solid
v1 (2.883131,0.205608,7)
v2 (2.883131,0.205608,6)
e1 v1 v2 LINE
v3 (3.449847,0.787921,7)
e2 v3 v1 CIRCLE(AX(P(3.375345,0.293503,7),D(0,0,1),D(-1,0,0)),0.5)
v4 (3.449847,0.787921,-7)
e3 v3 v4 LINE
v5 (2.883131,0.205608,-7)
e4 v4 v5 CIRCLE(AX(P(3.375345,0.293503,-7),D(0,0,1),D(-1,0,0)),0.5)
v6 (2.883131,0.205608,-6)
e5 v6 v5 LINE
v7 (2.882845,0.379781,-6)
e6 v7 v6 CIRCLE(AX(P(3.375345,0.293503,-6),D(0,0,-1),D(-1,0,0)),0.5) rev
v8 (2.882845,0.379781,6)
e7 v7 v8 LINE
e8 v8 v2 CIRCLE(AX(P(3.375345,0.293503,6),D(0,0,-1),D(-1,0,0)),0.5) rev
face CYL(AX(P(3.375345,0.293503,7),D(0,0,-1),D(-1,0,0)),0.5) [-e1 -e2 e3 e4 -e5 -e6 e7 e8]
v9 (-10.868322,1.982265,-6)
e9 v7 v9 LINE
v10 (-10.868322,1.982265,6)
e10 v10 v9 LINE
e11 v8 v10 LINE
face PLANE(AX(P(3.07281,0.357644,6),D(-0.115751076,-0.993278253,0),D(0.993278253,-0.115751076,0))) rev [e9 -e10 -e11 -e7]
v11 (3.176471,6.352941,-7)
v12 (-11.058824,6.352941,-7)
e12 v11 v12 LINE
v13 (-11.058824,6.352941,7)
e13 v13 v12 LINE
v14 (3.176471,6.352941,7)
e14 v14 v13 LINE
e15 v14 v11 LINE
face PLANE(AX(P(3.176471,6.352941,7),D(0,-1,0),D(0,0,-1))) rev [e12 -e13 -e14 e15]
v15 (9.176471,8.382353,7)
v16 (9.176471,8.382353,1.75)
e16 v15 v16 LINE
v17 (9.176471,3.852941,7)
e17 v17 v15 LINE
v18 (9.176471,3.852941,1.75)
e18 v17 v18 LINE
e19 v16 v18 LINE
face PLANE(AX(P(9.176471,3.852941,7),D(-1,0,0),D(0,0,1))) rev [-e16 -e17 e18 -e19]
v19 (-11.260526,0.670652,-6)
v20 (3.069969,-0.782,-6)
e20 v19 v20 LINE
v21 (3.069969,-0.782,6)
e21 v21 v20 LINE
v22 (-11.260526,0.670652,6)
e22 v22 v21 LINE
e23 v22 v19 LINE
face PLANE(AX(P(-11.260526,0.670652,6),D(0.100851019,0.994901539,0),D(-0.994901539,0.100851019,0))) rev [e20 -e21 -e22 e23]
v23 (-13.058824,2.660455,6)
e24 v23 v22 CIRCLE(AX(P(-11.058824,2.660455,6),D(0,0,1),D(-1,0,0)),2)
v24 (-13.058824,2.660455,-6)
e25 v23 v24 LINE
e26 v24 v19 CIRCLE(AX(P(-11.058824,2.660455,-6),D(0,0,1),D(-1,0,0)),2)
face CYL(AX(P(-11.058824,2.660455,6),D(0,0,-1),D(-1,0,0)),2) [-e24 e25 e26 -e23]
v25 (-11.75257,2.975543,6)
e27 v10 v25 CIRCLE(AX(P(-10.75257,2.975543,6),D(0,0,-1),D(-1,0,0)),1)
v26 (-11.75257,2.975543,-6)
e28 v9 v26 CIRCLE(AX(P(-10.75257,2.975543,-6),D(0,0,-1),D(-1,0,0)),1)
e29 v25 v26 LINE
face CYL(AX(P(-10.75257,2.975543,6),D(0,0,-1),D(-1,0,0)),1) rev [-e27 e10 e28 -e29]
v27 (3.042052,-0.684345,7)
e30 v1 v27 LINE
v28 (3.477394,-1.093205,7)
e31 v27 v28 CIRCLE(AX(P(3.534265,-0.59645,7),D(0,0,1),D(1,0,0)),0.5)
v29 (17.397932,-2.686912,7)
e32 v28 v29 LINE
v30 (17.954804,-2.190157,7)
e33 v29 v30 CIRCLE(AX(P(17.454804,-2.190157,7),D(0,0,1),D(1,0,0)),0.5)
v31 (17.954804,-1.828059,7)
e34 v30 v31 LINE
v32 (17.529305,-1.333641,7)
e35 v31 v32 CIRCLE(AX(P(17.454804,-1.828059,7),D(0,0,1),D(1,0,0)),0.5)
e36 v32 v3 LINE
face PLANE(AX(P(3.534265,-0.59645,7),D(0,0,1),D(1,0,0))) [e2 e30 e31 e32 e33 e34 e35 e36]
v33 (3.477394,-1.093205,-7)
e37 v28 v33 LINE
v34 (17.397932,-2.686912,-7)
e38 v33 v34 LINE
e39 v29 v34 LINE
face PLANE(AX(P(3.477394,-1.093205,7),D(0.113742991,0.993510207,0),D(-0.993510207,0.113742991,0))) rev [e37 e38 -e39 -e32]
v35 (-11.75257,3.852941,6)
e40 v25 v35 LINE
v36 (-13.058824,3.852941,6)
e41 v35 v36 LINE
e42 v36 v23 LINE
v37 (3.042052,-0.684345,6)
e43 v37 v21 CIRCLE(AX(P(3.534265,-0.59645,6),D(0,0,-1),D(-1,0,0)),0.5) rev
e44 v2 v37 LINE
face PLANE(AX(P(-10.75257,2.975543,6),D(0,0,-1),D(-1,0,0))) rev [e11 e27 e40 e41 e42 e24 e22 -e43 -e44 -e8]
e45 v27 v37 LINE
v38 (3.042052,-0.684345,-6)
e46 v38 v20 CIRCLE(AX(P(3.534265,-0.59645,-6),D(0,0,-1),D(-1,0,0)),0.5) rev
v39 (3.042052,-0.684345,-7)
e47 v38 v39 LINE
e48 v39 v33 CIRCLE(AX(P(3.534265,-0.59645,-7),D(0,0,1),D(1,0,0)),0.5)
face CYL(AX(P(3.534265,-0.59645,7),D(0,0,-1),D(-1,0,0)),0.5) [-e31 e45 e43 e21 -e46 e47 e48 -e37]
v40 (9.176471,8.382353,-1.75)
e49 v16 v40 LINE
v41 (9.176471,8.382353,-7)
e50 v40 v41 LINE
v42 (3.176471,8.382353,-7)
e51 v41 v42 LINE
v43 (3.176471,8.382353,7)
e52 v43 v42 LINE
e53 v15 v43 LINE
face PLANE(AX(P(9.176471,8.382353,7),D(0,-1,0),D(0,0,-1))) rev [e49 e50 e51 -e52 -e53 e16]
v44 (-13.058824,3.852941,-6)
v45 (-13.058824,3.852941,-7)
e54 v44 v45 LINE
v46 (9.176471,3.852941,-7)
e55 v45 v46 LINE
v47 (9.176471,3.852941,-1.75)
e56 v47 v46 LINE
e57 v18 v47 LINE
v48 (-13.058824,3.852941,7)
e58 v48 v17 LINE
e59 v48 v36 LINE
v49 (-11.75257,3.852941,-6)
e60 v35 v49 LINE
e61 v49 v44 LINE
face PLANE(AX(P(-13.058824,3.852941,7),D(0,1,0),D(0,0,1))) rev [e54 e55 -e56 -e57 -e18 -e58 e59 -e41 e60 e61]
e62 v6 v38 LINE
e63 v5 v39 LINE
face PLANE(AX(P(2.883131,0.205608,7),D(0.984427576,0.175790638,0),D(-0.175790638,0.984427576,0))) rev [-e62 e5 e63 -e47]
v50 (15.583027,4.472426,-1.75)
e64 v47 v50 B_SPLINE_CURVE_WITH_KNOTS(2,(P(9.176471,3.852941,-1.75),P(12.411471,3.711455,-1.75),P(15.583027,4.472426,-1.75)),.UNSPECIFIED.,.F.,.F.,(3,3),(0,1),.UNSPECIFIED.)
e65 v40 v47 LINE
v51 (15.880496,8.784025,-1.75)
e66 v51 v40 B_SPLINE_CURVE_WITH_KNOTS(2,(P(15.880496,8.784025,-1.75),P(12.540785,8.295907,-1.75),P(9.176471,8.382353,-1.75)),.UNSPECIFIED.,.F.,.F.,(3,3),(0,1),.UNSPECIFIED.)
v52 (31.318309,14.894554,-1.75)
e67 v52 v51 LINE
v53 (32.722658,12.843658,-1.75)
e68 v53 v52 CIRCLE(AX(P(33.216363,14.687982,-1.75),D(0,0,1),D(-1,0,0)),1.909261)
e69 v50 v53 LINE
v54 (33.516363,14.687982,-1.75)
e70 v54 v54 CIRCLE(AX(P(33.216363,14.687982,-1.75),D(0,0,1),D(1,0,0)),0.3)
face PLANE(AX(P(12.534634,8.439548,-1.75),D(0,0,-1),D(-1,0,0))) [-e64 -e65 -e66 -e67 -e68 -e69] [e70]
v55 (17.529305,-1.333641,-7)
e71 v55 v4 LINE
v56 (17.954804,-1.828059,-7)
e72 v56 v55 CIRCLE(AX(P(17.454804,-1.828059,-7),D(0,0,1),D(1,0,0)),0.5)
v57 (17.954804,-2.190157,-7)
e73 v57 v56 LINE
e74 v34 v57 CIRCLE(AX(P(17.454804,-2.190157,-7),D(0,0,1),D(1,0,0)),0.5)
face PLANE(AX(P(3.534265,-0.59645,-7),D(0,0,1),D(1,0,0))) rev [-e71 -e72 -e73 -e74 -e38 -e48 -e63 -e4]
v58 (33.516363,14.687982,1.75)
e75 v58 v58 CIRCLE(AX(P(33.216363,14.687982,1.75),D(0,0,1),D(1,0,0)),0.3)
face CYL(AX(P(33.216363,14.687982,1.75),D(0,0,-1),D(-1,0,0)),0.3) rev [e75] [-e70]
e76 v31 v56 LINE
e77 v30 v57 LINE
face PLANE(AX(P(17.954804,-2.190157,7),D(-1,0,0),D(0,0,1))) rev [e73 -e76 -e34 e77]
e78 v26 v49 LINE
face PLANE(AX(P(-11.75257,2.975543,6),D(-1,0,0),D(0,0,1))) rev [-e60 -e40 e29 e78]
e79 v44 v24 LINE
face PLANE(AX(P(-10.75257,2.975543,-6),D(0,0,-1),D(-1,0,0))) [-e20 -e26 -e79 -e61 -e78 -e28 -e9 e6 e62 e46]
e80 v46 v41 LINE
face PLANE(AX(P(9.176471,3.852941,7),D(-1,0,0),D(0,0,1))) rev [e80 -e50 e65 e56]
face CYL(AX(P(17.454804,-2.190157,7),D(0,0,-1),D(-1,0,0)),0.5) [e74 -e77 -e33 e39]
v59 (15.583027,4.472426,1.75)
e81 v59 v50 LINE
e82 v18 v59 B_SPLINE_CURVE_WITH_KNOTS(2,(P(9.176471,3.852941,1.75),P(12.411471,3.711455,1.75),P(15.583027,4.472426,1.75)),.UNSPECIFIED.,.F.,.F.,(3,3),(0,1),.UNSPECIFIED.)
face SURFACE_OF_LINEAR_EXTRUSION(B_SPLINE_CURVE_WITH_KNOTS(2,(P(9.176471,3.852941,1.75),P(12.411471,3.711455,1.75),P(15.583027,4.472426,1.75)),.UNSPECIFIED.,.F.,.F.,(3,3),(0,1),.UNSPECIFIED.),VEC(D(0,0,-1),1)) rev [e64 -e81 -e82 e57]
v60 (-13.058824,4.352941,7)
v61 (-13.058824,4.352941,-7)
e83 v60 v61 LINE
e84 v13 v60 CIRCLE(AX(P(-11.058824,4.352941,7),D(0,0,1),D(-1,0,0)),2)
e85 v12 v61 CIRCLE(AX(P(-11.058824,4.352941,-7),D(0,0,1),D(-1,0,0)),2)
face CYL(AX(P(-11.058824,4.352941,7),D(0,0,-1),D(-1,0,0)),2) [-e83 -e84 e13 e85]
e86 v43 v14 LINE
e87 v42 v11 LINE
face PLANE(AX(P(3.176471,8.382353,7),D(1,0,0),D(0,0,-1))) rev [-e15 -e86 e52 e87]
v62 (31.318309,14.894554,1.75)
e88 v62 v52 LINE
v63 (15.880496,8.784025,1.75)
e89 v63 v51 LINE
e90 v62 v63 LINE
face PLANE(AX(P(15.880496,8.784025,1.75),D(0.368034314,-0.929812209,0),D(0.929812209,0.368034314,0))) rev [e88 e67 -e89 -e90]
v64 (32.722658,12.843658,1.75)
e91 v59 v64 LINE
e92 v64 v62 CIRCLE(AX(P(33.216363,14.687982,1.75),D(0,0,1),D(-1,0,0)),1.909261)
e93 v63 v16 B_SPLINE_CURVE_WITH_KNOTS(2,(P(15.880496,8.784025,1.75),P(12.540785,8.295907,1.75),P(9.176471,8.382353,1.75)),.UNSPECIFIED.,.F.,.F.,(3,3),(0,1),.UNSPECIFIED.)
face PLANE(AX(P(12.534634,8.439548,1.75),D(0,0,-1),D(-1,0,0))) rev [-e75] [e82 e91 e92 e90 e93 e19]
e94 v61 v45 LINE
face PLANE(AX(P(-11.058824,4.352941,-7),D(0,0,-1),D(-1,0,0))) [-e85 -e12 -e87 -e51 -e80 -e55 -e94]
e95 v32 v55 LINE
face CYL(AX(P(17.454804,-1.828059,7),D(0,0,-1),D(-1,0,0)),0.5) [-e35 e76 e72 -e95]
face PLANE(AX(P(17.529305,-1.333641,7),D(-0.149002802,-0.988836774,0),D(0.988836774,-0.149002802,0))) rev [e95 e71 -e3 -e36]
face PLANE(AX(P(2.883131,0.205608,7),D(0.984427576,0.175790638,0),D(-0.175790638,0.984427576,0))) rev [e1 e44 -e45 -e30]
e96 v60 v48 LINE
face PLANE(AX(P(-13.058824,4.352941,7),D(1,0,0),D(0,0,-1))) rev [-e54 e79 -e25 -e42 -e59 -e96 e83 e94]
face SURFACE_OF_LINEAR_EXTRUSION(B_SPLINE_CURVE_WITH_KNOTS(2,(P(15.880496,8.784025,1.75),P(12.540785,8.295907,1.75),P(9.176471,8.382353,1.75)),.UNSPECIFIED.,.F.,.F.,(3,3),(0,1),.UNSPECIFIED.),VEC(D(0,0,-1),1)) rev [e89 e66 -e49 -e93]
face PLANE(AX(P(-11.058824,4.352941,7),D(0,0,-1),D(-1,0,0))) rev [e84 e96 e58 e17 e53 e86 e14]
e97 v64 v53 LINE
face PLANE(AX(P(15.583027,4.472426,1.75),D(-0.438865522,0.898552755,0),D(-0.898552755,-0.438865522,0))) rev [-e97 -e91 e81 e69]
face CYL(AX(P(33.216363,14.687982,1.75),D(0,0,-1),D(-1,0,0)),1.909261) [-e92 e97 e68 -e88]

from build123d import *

# Parameters (mm, degrees)
BOSS_EXTRUDE1_DEPTH = 7
BOSS_EXTRUDE2_DEPTH = 6
BOSS_EXTRUDE3_DEPTH = 7
SKETCH4_R           = 0.3
BOSS_EXTRUDE4_DEPTH = 1.75


with BuildPart() as part:
    # Sketch1 → Boss-Extrude1 (new, symmetric)
    with BuildSketch(Plane.XY):
        with BuildLine():
            Line((9.176470588, 3.852941176), (9.176470588, 8.382352941))
            Line((9.176470588, 8.382352941), (3.176470588, 8.382352941))
            Line((3.176470588, 8.382352941), (3.176470588, 6.352941176))
            Line((3.176470588, 6.352941176), (-11.058823529, 6.352941176))
            ThreePointArc((-11.058823529, 6.352941176), (-12.473037092, 5.767154739), (-13.058823529, 4.352941176))
            Line((-13.058823529, 4.352941176), (-13.058823529, 3.852941176))
            Line((-13.058823529, 3.852941176), (9.176470588, 3.852941176))
        make_face()
    extrude(amount=BOSS_EXTRUDE1_DEPTH, both=True)

    # Sketch2 → Boss-Extrude2 (add, symmetric)
    with BuildSketch(Plane.XY):
        with BuildLine():
            Line((-13.058823529, 3.852941176), (-13.058823529, 2.660454677))
            ThreePointArc((-13.058823529, 2.660454677), (-12.542636873, 1.319448352), (-11.260525567, 0.670651599))
            Line((-11.260525567, 0.670651599), (3.072810241, -0.782287673))
            Line((3.072810241, -0.782287673), (3.072810241, 0.357643739))
            Line((3.072810241, 0.357643739), (-10.868321542, 1.982265031))
            ThreePointArc((-10.868321542, 1.982265031), (-11.499481128, 2.310618881), (-11.752570466, 2.975543285))
            Line((-11.752570466, 2.975543285), (-11.752570466, 3.852941176))
            Line((-11.752570466, 3.852941176), (-13.058823529, 3.852941176))
        make_face()
    extrude(amount=BOSS_EXTRUDE2_DEPTH, both=True)

    # Sketch3 → Boss-Extrude3 (add, symmetric)
    with BuildSketch(Plane.XY):
        with BuildLine():
            Line((2.883131421, 0.205607724), (3.042051607, -0.684345316))
            ThreePointArc((3.042051607, -0.684345316), (3.191971306, -0.960915025), (3.477393899, -1.0932051))
            Line((3.477393899, -1.0932051), (17.397932492, -2.686911621))
            ThreePointArc((17.397932492, -2.686911621), (17.787643477, -2.563275633), (17.954803987, -2.190156518))
            Line((17.954803987, -2.190156518), (17.954803987, -1.828059238))
            ThreePointArc((17.954803987, -1.828059238), (17.833783341, -1.50190797), (17.529305388, -1.333640851))
            Line((17.529305388, -1.333640851), (3.449846609, 0.78792143))
            ThreePointArc((3.449846609, 0.78792143), (3.017025208, 0.642224676), (2.883131421, 0.205607724))
        make_face()
    extrude(amount=BOSS_EXTRUDE3_DEPTH, both=True)

    # Sketch4 → Boss-Extrude4 (add, symmetric)
    with BuildSketch(Plane.XY):
        with BuildLine():
            Line((15.880495921, 8.784024701), (31.318309496, 14.894554405))
            ThreePointArc((31.318309496, 14.894554405), (34.7916946, 15.766688386), (32.722657859, 12.843657643))
            Line((32.722657859, 12.843657643), (15.583027287, 4.472426378))
            add(Edge.make_bspline(
                [(9.176470588, 3.852941176), (12.411471434, 3.711455216), (15.583027287, 4.472426378)],
                knots=[0, 0, 0, 1, 1, 1], degree=2))
            Line((9.176470588, 3.852941176), (9.176470588, 8.382352941))
            add(Edge.make_bspline(
                [(9.176470588, 8.382352941), (12.540784879, 8.295907329), (15.880495921, 8.784024701)],
                knots=[0, 0, 0, 1, 1, 1], degree=2))
        make_face()
        with Locations((33.216362624, 14.687982269)):
            Circle(SKETCH4_R, mode=Mode.SUBTRACT)
    extrude(amount=BOSS_EXTRUDE4_DEPTH, both=True)


solid = part.part
